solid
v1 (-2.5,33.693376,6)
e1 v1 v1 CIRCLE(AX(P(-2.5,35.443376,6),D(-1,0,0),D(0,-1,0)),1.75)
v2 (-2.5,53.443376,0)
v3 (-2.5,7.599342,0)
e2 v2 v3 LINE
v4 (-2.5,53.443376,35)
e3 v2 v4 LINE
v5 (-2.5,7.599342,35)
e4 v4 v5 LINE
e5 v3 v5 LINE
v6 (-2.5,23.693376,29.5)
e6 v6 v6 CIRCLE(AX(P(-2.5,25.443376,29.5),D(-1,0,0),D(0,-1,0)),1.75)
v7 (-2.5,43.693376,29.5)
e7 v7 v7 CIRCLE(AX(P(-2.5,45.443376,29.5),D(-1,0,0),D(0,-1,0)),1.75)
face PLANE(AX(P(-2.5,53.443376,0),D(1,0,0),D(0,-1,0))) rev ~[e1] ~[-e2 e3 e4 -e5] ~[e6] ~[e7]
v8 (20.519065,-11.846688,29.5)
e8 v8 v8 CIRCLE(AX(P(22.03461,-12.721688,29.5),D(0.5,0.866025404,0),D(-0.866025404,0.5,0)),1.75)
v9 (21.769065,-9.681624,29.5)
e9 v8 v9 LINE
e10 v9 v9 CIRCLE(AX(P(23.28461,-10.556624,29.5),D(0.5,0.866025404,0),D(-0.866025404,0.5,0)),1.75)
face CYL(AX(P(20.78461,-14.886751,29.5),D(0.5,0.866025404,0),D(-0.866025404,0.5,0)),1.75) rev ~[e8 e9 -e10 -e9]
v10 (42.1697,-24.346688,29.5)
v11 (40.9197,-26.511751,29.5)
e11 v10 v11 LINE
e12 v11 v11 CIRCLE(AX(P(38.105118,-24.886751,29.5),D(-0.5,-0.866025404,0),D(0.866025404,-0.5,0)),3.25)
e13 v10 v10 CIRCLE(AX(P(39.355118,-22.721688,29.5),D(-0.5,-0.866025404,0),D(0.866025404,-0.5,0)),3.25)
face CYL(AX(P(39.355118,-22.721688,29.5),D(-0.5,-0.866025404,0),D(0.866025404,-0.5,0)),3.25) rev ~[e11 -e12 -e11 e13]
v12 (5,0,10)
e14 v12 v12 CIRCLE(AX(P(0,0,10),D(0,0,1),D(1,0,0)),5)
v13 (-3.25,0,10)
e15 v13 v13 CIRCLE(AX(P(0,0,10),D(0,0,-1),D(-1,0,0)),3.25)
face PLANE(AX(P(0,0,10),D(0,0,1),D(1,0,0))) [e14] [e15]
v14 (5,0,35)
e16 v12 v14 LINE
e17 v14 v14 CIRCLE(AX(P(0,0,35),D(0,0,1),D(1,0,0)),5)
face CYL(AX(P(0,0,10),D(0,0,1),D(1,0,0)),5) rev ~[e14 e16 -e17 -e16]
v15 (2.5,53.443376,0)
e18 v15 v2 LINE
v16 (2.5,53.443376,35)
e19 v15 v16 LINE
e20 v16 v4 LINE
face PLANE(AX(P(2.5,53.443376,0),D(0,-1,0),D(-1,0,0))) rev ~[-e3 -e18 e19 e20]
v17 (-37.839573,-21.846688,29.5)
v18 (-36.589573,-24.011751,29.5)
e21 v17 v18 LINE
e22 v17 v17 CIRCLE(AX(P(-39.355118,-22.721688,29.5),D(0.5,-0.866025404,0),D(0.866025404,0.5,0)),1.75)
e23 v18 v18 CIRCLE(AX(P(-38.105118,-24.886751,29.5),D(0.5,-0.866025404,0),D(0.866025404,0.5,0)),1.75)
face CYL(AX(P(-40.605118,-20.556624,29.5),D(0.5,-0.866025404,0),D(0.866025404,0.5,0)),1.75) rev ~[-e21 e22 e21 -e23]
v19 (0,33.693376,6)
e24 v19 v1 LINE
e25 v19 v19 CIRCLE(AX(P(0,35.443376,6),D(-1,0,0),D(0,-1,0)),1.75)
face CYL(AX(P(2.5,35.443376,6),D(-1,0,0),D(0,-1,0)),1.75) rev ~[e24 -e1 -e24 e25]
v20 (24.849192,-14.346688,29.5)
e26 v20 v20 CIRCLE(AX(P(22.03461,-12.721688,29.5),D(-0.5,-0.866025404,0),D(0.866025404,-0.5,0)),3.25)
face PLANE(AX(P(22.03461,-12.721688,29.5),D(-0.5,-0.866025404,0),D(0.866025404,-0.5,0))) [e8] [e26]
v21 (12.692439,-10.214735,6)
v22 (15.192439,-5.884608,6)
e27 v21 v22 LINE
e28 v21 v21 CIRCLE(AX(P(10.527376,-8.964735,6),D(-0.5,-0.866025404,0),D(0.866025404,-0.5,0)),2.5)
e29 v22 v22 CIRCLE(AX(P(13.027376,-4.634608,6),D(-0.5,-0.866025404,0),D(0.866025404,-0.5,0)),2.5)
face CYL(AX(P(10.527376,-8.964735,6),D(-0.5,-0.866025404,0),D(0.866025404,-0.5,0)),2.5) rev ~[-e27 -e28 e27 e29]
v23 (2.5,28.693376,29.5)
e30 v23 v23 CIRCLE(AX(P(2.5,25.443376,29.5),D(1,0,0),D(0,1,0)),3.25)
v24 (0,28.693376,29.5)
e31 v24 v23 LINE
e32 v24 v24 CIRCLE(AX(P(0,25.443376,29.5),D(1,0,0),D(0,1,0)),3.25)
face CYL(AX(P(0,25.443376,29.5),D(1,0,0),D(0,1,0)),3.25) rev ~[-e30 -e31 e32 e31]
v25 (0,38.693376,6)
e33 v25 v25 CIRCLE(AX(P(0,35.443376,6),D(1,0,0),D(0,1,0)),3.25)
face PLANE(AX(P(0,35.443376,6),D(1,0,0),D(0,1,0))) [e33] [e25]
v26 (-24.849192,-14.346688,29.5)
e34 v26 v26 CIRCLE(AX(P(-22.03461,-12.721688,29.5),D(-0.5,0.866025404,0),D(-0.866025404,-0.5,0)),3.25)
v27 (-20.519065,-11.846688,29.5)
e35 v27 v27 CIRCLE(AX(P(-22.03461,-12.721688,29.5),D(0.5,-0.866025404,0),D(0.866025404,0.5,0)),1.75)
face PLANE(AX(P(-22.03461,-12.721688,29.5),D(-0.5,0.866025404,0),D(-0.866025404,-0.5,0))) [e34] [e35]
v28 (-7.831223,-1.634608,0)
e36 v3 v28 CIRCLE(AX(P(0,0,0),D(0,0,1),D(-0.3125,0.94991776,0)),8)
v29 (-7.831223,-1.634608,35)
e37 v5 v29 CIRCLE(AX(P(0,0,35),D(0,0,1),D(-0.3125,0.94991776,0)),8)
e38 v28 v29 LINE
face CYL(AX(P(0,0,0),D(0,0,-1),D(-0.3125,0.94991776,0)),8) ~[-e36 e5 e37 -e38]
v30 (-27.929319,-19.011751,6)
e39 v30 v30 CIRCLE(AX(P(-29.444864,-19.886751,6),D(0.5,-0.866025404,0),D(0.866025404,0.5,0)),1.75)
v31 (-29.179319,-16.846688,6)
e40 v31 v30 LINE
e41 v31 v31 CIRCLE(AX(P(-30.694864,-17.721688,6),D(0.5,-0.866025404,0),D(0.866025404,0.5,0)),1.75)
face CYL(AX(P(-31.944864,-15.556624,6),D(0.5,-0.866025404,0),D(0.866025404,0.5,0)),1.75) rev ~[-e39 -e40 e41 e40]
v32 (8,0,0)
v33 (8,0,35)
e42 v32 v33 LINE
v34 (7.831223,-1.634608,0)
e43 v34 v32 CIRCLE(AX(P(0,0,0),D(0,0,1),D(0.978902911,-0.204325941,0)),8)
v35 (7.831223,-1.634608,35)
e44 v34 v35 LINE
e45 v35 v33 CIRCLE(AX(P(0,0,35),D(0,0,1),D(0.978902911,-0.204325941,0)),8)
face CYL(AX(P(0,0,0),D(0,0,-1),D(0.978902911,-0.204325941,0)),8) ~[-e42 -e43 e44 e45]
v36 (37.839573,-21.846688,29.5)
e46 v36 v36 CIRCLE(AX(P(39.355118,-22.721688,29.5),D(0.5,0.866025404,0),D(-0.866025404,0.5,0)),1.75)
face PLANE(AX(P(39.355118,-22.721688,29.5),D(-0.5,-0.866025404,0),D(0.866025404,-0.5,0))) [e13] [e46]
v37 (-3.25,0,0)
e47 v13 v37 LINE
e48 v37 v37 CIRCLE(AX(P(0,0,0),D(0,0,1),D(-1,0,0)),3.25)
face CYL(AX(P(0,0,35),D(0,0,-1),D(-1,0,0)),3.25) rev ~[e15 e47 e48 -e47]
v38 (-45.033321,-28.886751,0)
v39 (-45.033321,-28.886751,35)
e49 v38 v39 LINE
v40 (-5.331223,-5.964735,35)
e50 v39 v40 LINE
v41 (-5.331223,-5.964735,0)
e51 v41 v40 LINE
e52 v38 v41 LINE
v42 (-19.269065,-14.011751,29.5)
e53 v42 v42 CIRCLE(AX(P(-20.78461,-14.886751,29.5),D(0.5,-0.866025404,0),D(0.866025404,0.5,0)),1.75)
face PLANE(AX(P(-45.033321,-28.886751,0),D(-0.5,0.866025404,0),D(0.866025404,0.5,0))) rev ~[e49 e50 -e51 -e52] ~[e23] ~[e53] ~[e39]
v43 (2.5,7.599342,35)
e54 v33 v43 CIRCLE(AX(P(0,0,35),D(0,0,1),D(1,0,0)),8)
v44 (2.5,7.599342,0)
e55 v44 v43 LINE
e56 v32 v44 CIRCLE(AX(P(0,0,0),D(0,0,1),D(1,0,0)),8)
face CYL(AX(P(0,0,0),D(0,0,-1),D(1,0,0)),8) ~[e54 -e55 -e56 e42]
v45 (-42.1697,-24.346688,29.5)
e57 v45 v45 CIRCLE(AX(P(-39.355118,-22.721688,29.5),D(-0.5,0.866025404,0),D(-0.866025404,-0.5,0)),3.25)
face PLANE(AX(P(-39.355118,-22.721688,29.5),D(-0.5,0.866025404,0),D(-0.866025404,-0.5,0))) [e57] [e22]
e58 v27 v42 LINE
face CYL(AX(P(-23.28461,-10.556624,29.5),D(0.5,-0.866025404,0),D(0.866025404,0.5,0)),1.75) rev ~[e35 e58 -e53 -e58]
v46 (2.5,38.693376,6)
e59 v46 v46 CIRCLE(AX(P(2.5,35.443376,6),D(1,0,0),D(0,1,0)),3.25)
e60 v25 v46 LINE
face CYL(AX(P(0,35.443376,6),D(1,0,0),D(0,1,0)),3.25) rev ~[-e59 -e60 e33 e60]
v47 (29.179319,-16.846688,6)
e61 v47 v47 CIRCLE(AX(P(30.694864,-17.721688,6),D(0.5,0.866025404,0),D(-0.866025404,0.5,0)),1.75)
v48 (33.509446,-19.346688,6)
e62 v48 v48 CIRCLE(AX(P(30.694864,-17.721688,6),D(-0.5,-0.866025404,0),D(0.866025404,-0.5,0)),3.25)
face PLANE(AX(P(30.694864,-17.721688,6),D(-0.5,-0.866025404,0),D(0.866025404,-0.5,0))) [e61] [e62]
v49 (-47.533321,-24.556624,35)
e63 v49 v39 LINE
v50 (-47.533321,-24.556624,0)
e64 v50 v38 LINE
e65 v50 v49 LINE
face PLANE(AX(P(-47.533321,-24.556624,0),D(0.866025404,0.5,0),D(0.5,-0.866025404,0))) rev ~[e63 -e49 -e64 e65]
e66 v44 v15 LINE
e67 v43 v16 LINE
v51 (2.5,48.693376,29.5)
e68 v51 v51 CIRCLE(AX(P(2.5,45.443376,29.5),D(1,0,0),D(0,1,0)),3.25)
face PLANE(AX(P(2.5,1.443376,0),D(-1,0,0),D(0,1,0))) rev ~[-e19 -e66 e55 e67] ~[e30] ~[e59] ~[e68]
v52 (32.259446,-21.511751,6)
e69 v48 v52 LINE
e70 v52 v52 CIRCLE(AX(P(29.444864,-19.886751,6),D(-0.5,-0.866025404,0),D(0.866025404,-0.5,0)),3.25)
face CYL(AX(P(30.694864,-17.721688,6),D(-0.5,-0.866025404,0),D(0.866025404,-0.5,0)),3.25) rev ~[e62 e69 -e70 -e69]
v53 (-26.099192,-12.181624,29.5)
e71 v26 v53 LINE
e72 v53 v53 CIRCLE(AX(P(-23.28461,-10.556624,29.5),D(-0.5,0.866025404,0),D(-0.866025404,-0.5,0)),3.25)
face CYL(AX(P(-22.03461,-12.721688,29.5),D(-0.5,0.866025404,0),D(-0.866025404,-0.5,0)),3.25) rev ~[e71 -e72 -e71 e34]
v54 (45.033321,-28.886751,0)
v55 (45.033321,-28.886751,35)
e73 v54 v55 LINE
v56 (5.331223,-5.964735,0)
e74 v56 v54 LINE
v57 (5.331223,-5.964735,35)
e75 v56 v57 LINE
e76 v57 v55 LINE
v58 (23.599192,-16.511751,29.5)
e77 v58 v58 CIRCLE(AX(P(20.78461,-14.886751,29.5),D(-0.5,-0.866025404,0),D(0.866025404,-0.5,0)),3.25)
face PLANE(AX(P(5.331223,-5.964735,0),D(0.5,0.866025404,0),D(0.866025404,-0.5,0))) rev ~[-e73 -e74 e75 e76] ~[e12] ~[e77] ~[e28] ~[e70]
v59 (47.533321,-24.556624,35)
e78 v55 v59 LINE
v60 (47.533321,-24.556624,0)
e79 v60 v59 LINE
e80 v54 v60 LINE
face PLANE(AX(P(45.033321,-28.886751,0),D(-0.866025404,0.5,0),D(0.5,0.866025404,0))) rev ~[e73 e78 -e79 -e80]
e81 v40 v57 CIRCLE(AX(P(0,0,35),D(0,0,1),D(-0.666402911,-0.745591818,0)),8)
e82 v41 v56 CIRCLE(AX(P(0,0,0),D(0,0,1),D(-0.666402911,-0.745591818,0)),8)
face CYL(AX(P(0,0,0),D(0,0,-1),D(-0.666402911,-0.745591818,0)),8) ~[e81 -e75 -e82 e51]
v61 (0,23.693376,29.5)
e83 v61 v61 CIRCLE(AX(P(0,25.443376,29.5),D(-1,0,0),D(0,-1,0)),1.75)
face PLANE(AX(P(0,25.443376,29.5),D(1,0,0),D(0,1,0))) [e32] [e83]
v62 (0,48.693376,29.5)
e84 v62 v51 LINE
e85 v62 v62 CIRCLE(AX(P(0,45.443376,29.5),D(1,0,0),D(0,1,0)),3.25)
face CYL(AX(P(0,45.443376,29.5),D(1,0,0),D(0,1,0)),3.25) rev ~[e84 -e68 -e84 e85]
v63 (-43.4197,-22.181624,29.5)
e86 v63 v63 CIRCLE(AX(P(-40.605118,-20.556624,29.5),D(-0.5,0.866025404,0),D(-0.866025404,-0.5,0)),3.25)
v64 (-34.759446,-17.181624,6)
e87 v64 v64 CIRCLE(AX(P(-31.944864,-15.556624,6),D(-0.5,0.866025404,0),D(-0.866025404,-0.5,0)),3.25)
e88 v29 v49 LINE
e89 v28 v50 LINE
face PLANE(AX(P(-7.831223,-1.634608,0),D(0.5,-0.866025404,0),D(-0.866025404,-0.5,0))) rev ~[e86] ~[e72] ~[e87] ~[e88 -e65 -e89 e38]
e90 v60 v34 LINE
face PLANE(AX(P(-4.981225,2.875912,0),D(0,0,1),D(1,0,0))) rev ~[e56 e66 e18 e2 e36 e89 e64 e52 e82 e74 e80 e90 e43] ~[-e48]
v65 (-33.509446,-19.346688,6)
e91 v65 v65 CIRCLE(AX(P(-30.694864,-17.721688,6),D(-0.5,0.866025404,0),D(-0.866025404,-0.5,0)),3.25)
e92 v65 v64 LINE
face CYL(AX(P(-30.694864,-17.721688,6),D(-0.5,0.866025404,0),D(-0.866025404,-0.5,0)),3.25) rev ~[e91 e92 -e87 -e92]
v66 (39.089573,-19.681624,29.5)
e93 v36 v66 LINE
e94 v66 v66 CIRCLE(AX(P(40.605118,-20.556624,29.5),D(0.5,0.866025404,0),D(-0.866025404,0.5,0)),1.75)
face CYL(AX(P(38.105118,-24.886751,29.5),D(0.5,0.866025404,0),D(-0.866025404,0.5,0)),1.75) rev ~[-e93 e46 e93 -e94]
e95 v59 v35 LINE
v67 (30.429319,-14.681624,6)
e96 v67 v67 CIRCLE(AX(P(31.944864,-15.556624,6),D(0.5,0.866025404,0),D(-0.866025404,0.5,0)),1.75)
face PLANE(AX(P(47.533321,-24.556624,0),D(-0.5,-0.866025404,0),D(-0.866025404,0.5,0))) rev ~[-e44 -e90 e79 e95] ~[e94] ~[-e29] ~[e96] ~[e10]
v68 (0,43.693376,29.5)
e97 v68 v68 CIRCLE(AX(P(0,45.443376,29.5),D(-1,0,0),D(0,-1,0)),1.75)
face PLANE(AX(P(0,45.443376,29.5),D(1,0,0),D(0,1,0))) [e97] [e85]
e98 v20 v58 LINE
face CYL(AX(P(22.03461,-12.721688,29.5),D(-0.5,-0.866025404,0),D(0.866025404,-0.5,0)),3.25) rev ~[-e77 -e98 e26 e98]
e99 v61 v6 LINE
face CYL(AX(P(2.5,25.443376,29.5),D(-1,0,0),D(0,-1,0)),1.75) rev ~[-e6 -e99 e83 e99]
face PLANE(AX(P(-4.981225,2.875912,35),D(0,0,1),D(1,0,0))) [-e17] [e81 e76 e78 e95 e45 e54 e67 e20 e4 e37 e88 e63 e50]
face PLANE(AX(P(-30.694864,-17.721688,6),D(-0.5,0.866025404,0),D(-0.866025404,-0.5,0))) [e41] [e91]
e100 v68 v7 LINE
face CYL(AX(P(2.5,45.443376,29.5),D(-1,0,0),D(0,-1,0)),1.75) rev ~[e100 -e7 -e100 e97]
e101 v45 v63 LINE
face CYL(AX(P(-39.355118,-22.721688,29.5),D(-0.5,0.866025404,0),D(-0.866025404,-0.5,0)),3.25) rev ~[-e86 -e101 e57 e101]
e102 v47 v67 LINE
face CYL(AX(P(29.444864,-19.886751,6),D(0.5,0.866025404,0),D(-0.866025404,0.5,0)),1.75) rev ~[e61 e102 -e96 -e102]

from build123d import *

# Parameters (mm, degrees)
F1_DEPTH        = 35
F2_DEPTH        = 35
F6_D            = 3.5
F6_DEPTH        = 12
F6_CBORE_D      = 6.5
F6_CBORE_DEPTH  = 2.5
F6_TIP          = 1.0515060833
F7_D            = 3.5
F7_DEPTH        = 12
F7_CBORE_D      = 6.5
F7_CBORE_DEPTH  = 2.5
F7_TIP          = 1.0515060833
F8_D            = 3.5
F8_DEPTH        = 12
F8_CBORE_D      = 6.5
F8_CBORE_DEPTH  = 2.5
F8_TIP          = 1.0515060833
F3_R            = 2.5
F9_DEPTH        = 25
F11_D           = 6.5
F11_DEPTH       = 35
F11_CBORE_D     = 10
F11_CBORE_DEPTH = 25
F11_TIP         = 1.9527970118


with BuildPart() as f1:
    # F0 (on Top) → F1 (new body)
    with BuildSketch(Plane.XY):
        with BuildLine():
            Line((-2.5, 7.5993420768), (-2.5, 1.443375673))
            Line((-2.5, 1.443375673), (2.5, 1.443375673))
            Line((2.5, 1.443375673), (2.5, 7.5993420768))
            ThreePointArc((2.5, 7.5993420768), (0, 8), (-2.5, 7.5993420768))
        make_face()
        with BuildLine():
            Line((-2.5, 53.443375673), (-2.5, 7.5993420768))
            ThreePointArc((-2.5, 7.5993420768), (0, 8), (2.5, 7.5993420768))
            Line((2.5, 7.5993420768), (2.5, 53.443375673))
            Line((2.5, 53.443375673), (-2.5, 53.443375673))
        make_face()
        with BuildLine():
            Line((7.8312232905, -1.6346075289), (2.5, 1.443375673))
            Line((2.5, 1.443375673), (0, -2.8867513459))
            Line((0, -2.8867513459), (5.3312232905, -5.9647345479))
            ThreePointArc((5.3312232905, -5.9647345479), (6.9282032303, -4), (7.8312232905, -1.6346075289))
        make_face()
        Polygon((2.5, 1.443375673), (-2.5, 1.443375673), (0, -2.8867513459), align=None)
        with BuildLine():
            Line((0, -2.8867513459), (-2.5, 1.443375673))
            Line((-2.5, 1.443375673), (-7.8312232905, -1.6346075289))
            ThreePointArc((-7.8312232905, -1.6346075289), (-6.9282032303, -4), (-5.3312232905, -5.9647345479))
            Line((-5.3312232905, -5.9647345479), (0, -2.8867513459))
        make_face()
        with BuildLine():
            Line((47.5333209968, -24.556624327), (7.8312232905, -1.6346075289))
            ThreePointArc((7.8312232905, -1.6346075289), (6.9282032303, -4), (5.3312232905, -5.9647345479))
            Line((5.3312232905, -5.9647345479), (45.0333209968, -28.8867513459))
            Line((45.0333209968, -28.8867513459), (47.5333209968, -24.556624327))
        make_face()
        with BuildLine():
            ThreePointArc((-5.3312232905, -5.9647345479), (-6.9282032303, -4), (-7.8312232905, -1.6346075289))
            Line((-7.8312232905, -1.6346075289), (-47.5333209968, -24.556624327))
            Line((-47.5333209968, -24.556624327), (-45.0333209968, -28.8867513459))
            Line((-45.0333209968, -28.8867513459), (-5.3312232905, -5.9647345479))
        make_face()
    extrude(amount=F1_DEPTH)

    # F0 (on Top) → F2 (join)
    with BuildSketch(Plane.XY):
        with BuildLine():
            Line((-7.8312232905, -1.6346075289), (-2.5, 1.443375673))
            Line((-2.5, 1.443375673), (-2.5, 7.5993420768))
            ThreePointArc((-2.5, 7.5993420768), (-6.9282032303, 4), (-7.8312232905, -1.6346075289))
        make_face()
        with BuildLine():
            Line((2.5, 7.5993420768), (2.5, 1.443375673))
            Line((2.5, 1.443375673), (7.8312232905, -1.6346075289))
            ThreePointArc((7.8312232905, -1.6346075289), (7.9576939601, -0.8216488531), (8, 0))
            ThreePointArc((8, 0), (6.4807406984, 4.6904157598), (2.5, 7.5993420768))
        make_face()
        with BuildLine():
            Line((5.3312232905, -5.9647345479), (0, -2.8867513459))
            Line((0, -2.8867513459), (-5.3312232905, -5.9647345479))
            ThreePointArc((-5.3312232905, -5.9647345479), (0, -8), (5.3312232905, -5.9647345479))
        make_face()
    extrude(amount=F2_DEPTH)

    # F6
    with Locations(Plane(origin=(-1.25, -2.1650635095, 0), x_dir=(0.8660254038, -0.5, 0), z_dir=(-0.5, -0.8660254038, 0))):
        with Locations((25.443375673, 29.5), (45.443375673, 29.5), (35.443375673, 6)):
            CounterBoreHole(F6_D / 2, F6_CBORE_D / 2, F6_CBORE_DEPTH, depth=F6_DEPTH)
            with Locations((0, 0, -(F6_DEPTH + F6_TIP / 2))):  # 118° drill point
                Cone(0, F6_D / 2, F6_TIP, mode=Mode.SUBTRACT)

    # F7
    with Locations(Plane.YZ.offset(2.5)):
        with Locations((25.443375673, 29.5), (45.443375673, 29.5), (35.443375673, 6)):
            CounterBoreHole(F7_D / 2, F7_CBORE_D / 2, F7_CBORE_DEPTH, depth=F7_DEPTH)
            with Locations((0, 0, -(F7_DEPTH + F7_TIP / 2))):  # 118° drill point
                Cone(0, F7_D / 2, F7_TIP, mode=Mode.SUBTRACT)

    # F8
    with Locations(Plane(origin=(-1.25, 2.1650635095, 0), x_dir=(-0.8660254038, -0.5, 0), z_dir=(-0.5, 0.8660254038, 0))):
        with Locations((25.443375673, 29.5), (45.443375673, 29.5), (35.443375673, 6)):
            CounterBoreHole(F8_D / 2, F8_CBORE_D / 2, F8_CBORE_DEPTH, depth=F8_DEPTH)
            with Locations((0, 0, -(F8_DEPTH + F8_TIP / 2))):  # 118° drill point
                Cone(0, F8_D / 2, F8_TIP, mode=Mode.SUBTRACT)

    # F3 (on face) → F9 (cut)
    with BuildSketch(Plane(origin=(-1.25, -2.1650635095, 0), x_dir=(0.8660254038, -0.5, 0), z_dir=(-0.5, -0.8660254038, 0))):
        with Locations((13.5993420768, 6)):
            Circle(F3_R)
    extrude(amount=-F9_DEPTH, mode=Mode.SUBTRACT)

    # F11
    with Locations(Plane.XY.offset(35)):
        with Locations((0, 0)):
            CounterBoreHole(F11_D / 2, F11_CBORE_D / 2, F11_CBORE_DEPTH, depth=F11_DEPTH)
            with Locations((0, 0, -(F11_DEPTH + F11_TIP / 2))):  # 118° drill point
                Cone(0, F11_D / 2, F11_TIP, mode=Mode.SUBTRACT)


solid = f1.part
